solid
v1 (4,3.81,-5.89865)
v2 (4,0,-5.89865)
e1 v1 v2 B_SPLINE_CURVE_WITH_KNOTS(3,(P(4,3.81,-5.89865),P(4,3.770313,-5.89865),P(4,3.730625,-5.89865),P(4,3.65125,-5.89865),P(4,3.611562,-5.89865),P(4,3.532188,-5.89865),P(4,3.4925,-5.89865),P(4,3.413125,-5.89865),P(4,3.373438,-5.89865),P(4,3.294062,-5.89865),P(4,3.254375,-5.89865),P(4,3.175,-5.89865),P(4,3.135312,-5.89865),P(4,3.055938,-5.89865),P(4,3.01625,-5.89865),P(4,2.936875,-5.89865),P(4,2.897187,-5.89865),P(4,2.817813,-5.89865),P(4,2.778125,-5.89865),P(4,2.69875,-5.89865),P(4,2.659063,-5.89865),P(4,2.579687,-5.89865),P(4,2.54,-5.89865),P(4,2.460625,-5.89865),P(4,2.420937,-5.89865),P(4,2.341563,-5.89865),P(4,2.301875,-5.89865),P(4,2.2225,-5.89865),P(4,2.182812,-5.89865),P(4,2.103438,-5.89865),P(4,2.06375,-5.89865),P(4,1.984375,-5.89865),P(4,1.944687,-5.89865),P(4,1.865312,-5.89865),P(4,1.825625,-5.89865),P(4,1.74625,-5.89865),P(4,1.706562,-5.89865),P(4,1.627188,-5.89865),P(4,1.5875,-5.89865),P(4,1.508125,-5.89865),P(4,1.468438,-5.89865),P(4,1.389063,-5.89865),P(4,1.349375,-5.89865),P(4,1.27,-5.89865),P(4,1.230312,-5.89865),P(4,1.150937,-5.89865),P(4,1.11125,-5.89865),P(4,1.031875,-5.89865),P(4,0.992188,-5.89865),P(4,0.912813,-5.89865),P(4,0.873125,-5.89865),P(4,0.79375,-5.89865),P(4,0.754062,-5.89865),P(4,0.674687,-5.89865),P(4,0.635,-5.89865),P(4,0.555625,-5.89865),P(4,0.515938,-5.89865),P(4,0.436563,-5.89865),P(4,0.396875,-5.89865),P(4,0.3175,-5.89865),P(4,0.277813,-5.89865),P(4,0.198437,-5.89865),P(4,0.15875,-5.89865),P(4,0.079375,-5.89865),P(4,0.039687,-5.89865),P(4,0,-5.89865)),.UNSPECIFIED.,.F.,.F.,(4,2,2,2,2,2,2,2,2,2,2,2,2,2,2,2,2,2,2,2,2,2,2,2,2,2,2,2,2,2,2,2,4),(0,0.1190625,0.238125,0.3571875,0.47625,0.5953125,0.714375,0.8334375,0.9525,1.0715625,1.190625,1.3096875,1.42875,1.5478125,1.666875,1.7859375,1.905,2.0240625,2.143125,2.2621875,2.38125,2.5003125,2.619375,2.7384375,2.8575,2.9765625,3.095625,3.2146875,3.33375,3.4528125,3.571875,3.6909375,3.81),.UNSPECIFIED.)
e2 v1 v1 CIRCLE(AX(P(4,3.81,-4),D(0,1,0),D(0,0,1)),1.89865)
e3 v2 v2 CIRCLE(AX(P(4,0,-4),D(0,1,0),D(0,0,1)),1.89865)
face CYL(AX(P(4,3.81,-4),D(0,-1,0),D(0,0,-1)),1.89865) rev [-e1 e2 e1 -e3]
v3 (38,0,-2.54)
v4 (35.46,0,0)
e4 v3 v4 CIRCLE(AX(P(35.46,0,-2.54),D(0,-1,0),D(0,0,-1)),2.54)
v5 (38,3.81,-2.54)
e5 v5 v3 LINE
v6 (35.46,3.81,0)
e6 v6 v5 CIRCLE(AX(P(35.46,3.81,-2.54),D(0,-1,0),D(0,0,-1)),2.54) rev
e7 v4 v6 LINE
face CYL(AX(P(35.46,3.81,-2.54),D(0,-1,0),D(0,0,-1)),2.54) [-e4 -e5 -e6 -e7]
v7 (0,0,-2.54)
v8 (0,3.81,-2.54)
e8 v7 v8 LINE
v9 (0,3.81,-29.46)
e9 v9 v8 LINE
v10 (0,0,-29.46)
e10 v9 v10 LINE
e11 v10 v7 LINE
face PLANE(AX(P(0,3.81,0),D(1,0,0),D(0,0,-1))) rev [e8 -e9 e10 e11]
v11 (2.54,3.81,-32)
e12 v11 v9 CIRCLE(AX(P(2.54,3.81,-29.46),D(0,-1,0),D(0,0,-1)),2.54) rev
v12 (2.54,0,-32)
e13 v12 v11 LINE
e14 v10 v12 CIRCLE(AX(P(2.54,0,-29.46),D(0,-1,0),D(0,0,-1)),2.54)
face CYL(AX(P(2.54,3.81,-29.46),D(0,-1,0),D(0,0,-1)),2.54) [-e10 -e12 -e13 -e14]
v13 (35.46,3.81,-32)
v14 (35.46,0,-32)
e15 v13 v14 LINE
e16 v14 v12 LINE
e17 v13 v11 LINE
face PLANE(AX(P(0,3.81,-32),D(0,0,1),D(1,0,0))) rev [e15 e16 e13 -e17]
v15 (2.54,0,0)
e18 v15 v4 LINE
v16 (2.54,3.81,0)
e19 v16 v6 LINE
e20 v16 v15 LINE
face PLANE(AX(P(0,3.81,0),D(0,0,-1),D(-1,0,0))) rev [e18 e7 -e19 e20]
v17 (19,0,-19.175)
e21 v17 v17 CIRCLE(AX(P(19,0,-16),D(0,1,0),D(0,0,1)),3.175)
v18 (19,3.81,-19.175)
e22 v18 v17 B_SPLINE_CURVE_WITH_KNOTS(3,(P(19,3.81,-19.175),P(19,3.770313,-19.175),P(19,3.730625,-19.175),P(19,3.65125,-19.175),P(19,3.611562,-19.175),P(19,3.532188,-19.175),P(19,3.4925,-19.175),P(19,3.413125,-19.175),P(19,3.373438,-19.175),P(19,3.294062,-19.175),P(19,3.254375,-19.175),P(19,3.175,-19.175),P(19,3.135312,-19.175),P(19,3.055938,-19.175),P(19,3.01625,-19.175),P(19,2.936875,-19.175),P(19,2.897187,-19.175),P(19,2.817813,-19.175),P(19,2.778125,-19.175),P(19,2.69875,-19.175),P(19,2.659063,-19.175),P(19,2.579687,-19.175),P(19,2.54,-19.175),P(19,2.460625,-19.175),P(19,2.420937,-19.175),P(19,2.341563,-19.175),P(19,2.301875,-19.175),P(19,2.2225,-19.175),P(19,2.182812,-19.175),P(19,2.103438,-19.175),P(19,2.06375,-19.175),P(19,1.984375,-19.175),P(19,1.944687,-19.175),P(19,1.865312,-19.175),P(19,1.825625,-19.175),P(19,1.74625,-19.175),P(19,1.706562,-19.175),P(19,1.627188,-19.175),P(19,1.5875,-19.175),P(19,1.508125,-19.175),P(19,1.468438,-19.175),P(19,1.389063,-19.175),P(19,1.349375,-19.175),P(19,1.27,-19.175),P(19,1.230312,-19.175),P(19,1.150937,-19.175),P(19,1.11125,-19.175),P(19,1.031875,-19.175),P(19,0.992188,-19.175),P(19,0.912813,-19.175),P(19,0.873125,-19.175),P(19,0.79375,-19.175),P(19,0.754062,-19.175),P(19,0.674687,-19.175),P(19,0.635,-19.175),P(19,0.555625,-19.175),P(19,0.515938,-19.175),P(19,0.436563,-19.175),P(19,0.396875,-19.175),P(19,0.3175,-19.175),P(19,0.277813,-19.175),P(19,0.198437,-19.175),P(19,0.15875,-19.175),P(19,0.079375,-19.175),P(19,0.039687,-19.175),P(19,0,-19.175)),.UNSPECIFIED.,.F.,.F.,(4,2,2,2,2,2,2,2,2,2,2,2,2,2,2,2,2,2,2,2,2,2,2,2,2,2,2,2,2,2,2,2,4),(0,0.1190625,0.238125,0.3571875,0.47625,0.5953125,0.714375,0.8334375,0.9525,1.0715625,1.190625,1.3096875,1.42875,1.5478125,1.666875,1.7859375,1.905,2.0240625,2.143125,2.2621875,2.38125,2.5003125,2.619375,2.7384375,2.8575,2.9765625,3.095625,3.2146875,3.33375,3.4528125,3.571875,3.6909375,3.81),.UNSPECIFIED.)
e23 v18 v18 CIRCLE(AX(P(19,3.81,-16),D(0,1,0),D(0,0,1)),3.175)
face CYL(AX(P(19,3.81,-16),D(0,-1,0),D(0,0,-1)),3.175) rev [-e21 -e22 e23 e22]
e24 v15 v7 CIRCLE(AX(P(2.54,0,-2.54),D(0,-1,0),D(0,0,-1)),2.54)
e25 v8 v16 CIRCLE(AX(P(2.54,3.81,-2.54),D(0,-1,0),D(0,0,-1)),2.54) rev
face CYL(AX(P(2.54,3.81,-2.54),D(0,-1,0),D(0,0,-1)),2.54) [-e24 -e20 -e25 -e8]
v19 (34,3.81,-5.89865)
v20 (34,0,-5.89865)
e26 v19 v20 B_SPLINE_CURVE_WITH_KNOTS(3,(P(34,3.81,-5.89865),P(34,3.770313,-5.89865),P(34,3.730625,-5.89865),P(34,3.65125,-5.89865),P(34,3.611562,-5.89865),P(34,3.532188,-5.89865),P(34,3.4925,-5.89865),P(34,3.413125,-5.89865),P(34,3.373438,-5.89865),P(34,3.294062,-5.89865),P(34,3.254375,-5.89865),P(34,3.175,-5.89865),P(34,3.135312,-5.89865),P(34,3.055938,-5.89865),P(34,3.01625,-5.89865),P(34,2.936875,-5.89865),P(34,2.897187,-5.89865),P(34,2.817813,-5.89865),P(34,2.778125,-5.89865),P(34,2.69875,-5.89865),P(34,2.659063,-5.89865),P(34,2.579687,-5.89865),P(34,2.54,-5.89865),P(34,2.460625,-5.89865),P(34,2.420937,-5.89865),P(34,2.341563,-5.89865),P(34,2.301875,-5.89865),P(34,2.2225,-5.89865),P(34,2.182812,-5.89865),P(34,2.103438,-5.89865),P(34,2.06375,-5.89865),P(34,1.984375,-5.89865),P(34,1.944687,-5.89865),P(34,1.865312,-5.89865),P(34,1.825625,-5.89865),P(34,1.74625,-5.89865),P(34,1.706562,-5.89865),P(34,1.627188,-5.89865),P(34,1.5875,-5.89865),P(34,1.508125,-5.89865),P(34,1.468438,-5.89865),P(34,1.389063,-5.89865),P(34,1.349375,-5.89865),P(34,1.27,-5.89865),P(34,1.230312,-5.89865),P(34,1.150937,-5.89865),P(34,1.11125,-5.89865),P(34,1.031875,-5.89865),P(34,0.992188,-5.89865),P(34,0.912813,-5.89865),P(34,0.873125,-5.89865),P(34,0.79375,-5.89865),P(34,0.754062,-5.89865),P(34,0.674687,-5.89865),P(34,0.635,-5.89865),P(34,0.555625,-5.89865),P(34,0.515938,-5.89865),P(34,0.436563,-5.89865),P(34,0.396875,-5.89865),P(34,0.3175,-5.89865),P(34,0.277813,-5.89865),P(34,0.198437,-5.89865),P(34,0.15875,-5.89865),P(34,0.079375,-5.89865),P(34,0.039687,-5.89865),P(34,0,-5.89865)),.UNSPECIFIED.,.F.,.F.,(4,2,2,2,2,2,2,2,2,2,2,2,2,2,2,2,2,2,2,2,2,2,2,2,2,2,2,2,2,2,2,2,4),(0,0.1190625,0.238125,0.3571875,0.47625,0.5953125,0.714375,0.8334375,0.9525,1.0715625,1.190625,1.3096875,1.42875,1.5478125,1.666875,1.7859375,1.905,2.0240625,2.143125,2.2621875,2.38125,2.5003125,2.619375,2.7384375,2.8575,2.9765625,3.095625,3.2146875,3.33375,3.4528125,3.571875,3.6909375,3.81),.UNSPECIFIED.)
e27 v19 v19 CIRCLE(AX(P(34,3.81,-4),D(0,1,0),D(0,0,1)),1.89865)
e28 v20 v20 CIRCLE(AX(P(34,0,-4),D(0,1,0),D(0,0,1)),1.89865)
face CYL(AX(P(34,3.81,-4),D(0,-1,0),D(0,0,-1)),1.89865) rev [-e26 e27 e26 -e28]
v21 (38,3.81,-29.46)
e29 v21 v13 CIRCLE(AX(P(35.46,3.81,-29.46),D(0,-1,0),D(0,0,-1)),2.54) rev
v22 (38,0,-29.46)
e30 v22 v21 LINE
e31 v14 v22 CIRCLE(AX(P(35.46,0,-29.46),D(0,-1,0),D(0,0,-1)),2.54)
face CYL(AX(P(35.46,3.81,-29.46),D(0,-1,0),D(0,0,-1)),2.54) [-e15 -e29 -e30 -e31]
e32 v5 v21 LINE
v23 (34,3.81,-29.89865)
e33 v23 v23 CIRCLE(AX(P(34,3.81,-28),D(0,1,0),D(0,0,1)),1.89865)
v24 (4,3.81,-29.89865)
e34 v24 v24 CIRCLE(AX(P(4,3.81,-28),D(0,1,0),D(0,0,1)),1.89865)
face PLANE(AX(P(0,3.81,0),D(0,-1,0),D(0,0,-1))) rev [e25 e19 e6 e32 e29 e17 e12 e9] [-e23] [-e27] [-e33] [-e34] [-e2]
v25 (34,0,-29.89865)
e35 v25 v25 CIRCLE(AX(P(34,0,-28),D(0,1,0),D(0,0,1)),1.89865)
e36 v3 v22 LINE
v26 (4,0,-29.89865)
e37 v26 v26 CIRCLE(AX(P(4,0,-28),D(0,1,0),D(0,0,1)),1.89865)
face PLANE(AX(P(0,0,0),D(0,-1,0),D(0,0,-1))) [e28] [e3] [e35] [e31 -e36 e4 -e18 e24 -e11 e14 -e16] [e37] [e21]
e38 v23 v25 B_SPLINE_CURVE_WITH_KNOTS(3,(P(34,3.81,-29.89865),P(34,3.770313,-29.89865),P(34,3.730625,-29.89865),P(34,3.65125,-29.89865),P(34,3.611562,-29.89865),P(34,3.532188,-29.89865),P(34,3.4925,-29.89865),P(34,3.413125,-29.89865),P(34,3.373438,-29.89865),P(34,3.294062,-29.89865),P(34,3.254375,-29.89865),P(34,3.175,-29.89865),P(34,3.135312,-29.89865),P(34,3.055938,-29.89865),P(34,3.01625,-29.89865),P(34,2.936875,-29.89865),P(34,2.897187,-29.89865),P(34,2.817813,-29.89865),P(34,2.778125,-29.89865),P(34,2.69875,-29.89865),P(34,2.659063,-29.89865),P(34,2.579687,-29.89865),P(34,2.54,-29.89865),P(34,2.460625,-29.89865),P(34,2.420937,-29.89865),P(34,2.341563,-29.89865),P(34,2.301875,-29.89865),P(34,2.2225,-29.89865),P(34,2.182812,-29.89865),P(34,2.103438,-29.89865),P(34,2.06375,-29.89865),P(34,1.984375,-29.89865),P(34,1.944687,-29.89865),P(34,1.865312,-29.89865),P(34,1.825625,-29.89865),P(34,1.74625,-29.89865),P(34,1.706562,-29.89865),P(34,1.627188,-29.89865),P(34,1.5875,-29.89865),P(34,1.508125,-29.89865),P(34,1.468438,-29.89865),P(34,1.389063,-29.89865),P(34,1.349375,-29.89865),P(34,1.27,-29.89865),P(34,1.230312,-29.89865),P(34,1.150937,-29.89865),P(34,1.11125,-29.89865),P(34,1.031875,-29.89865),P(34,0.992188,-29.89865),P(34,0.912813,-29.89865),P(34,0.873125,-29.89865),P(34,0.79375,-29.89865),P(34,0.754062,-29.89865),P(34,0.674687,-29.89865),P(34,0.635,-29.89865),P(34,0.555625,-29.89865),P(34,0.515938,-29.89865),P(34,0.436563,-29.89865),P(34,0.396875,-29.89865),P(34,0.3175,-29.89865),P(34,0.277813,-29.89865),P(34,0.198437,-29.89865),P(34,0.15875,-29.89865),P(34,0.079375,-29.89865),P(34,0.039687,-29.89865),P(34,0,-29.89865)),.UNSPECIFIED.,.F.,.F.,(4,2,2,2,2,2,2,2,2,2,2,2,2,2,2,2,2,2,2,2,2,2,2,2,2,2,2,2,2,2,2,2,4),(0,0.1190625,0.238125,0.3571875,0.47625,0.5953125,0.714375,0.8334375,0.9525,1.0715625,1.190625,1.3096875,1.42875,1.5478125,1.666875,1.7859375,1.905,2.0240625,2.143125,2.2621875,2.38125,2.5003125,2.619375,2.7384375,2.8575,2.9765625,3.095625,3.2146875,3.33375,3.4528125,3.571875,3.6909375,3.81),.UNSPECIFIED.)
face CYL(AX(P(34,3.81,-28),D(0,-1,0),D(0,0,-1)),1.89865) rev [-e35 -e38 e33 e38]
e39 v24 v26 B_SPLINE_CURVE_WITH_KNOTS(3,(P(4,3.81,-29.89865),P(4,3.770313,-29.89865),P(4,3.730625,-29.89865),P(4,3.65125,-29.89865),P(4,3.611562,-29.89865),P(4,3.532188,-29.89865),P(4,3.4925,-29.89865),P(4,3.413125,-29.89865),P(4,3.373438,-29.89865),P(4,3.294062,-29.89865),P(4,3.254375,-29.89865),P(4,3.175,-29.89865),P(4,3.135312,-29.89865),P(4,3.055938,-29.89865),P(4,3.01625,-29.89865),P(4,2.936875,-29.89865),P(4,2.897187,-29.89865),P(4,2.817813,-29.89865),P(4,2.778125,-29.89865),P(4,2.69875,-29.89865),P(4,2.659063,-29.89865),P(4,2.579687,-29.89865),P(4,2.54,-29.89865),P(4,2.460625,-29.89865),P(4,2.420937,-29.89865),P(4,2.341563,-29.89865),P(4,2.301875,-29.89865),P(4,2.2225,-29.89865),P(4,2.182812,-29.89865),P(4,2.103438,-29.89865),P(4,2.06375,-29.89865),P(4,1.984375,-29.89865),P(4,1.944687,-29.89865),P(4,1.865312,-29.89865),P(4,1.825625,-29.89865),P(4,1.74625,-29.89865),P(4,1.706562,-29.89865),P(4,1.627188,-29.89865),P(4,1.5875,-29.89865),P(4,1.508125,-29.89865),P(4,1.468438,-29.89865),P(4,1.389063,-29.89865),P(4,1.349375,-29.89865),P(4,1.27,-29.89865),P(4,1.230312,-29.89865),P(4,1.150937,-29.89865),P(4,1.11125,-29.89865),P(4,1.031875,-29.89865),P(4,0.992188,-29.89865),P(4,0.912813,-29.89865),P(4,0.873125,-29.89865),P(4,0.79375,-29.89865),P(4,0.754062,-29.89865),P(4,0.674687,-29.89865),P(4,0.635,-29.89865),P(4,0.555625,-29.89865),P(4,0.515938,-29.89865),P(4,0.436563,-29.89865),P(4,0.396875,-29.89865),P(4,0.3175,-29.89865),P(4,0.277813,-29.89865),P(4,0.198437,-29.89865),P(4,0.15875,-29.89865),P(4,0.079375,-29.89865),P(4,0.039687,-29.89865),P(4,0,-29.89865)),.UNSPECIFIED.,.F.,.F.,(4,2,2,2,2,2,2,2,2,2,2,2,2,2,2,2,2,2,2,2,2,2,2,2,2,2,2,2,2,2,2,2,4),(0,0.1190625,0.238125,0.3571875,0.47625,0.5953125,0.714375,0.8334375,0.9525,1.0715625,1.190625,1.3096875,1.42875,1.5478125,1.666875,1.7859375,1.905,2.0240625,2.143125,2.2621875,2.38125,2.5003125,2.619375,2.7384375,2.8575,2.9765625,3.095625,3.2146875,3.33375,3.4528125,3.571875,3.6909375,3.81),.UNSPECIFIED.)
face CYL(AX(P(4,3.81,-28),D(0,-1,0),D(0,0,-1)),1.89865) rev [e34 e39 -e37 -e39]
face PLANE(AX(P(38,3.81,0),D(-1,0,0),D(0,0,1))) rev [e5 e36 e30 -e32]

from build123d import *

# Parameters (mm, degrees)
SKETCH2_W           = 38
SKETCH2_H           = 32
SKETCH2_R           = 3.175
SKETCH2_R_2         = 1.89865
BOSS_EXTRUDE1_DEPTH = 3.81
FILLET1_R           = 2.54


with BuildPart() as part:
    # Sketch2 → Boss-Extrude1 (new body)
    with BuildSketch(Plane(origin=(0, 0, 0), x_dir=(1, 0, 0), z_dir=(0, 1, 0))):
        with Locations((19, 16)):
            Rectangle(SKETCH2_W, SKETCH2_H)
        with Locations(Location((19, 16, 0), (0, 0, 90))):
            Circle(SKETCH2_R, mode=Mode.SUBTRACT)
        with Locations(Location((4, 4, 0), (0, 0, 90))):
            Circle(SKETCH2_R_2, mode=Mode.SUBTRACT)
        with Locations(Location((4, 28, 0), (0, 0, 90))):
            Circle(SKETCH2_R_2, mode=Mode.SUBTRACT)
        with Locations(Location((34, 28, 0), (0, 0, 90))):
            Circle(SKETCH2_R_2, mode=Mode.SUBTRACT)
        with Locations(Location((34, 4, 0), (0, 0, 90))):
            Circle(SKETCH2_R_2, mode=Mode.SUBTRACT)
    extrude(amount=BOSS_EXTRUDE1_DEPTH)

    # Fillet1
    fillet1_edges = [part.edges().sort_by_distance(p)[0] for p in [
        (0, 1.905, -32),
        (38, 1.905, -32),
        (38, 1.905, 0),
        (0, 1.905, 0),
    ]]
    fillet(fillet1_edges, radius=FILLET1_R)


solid = part.part
